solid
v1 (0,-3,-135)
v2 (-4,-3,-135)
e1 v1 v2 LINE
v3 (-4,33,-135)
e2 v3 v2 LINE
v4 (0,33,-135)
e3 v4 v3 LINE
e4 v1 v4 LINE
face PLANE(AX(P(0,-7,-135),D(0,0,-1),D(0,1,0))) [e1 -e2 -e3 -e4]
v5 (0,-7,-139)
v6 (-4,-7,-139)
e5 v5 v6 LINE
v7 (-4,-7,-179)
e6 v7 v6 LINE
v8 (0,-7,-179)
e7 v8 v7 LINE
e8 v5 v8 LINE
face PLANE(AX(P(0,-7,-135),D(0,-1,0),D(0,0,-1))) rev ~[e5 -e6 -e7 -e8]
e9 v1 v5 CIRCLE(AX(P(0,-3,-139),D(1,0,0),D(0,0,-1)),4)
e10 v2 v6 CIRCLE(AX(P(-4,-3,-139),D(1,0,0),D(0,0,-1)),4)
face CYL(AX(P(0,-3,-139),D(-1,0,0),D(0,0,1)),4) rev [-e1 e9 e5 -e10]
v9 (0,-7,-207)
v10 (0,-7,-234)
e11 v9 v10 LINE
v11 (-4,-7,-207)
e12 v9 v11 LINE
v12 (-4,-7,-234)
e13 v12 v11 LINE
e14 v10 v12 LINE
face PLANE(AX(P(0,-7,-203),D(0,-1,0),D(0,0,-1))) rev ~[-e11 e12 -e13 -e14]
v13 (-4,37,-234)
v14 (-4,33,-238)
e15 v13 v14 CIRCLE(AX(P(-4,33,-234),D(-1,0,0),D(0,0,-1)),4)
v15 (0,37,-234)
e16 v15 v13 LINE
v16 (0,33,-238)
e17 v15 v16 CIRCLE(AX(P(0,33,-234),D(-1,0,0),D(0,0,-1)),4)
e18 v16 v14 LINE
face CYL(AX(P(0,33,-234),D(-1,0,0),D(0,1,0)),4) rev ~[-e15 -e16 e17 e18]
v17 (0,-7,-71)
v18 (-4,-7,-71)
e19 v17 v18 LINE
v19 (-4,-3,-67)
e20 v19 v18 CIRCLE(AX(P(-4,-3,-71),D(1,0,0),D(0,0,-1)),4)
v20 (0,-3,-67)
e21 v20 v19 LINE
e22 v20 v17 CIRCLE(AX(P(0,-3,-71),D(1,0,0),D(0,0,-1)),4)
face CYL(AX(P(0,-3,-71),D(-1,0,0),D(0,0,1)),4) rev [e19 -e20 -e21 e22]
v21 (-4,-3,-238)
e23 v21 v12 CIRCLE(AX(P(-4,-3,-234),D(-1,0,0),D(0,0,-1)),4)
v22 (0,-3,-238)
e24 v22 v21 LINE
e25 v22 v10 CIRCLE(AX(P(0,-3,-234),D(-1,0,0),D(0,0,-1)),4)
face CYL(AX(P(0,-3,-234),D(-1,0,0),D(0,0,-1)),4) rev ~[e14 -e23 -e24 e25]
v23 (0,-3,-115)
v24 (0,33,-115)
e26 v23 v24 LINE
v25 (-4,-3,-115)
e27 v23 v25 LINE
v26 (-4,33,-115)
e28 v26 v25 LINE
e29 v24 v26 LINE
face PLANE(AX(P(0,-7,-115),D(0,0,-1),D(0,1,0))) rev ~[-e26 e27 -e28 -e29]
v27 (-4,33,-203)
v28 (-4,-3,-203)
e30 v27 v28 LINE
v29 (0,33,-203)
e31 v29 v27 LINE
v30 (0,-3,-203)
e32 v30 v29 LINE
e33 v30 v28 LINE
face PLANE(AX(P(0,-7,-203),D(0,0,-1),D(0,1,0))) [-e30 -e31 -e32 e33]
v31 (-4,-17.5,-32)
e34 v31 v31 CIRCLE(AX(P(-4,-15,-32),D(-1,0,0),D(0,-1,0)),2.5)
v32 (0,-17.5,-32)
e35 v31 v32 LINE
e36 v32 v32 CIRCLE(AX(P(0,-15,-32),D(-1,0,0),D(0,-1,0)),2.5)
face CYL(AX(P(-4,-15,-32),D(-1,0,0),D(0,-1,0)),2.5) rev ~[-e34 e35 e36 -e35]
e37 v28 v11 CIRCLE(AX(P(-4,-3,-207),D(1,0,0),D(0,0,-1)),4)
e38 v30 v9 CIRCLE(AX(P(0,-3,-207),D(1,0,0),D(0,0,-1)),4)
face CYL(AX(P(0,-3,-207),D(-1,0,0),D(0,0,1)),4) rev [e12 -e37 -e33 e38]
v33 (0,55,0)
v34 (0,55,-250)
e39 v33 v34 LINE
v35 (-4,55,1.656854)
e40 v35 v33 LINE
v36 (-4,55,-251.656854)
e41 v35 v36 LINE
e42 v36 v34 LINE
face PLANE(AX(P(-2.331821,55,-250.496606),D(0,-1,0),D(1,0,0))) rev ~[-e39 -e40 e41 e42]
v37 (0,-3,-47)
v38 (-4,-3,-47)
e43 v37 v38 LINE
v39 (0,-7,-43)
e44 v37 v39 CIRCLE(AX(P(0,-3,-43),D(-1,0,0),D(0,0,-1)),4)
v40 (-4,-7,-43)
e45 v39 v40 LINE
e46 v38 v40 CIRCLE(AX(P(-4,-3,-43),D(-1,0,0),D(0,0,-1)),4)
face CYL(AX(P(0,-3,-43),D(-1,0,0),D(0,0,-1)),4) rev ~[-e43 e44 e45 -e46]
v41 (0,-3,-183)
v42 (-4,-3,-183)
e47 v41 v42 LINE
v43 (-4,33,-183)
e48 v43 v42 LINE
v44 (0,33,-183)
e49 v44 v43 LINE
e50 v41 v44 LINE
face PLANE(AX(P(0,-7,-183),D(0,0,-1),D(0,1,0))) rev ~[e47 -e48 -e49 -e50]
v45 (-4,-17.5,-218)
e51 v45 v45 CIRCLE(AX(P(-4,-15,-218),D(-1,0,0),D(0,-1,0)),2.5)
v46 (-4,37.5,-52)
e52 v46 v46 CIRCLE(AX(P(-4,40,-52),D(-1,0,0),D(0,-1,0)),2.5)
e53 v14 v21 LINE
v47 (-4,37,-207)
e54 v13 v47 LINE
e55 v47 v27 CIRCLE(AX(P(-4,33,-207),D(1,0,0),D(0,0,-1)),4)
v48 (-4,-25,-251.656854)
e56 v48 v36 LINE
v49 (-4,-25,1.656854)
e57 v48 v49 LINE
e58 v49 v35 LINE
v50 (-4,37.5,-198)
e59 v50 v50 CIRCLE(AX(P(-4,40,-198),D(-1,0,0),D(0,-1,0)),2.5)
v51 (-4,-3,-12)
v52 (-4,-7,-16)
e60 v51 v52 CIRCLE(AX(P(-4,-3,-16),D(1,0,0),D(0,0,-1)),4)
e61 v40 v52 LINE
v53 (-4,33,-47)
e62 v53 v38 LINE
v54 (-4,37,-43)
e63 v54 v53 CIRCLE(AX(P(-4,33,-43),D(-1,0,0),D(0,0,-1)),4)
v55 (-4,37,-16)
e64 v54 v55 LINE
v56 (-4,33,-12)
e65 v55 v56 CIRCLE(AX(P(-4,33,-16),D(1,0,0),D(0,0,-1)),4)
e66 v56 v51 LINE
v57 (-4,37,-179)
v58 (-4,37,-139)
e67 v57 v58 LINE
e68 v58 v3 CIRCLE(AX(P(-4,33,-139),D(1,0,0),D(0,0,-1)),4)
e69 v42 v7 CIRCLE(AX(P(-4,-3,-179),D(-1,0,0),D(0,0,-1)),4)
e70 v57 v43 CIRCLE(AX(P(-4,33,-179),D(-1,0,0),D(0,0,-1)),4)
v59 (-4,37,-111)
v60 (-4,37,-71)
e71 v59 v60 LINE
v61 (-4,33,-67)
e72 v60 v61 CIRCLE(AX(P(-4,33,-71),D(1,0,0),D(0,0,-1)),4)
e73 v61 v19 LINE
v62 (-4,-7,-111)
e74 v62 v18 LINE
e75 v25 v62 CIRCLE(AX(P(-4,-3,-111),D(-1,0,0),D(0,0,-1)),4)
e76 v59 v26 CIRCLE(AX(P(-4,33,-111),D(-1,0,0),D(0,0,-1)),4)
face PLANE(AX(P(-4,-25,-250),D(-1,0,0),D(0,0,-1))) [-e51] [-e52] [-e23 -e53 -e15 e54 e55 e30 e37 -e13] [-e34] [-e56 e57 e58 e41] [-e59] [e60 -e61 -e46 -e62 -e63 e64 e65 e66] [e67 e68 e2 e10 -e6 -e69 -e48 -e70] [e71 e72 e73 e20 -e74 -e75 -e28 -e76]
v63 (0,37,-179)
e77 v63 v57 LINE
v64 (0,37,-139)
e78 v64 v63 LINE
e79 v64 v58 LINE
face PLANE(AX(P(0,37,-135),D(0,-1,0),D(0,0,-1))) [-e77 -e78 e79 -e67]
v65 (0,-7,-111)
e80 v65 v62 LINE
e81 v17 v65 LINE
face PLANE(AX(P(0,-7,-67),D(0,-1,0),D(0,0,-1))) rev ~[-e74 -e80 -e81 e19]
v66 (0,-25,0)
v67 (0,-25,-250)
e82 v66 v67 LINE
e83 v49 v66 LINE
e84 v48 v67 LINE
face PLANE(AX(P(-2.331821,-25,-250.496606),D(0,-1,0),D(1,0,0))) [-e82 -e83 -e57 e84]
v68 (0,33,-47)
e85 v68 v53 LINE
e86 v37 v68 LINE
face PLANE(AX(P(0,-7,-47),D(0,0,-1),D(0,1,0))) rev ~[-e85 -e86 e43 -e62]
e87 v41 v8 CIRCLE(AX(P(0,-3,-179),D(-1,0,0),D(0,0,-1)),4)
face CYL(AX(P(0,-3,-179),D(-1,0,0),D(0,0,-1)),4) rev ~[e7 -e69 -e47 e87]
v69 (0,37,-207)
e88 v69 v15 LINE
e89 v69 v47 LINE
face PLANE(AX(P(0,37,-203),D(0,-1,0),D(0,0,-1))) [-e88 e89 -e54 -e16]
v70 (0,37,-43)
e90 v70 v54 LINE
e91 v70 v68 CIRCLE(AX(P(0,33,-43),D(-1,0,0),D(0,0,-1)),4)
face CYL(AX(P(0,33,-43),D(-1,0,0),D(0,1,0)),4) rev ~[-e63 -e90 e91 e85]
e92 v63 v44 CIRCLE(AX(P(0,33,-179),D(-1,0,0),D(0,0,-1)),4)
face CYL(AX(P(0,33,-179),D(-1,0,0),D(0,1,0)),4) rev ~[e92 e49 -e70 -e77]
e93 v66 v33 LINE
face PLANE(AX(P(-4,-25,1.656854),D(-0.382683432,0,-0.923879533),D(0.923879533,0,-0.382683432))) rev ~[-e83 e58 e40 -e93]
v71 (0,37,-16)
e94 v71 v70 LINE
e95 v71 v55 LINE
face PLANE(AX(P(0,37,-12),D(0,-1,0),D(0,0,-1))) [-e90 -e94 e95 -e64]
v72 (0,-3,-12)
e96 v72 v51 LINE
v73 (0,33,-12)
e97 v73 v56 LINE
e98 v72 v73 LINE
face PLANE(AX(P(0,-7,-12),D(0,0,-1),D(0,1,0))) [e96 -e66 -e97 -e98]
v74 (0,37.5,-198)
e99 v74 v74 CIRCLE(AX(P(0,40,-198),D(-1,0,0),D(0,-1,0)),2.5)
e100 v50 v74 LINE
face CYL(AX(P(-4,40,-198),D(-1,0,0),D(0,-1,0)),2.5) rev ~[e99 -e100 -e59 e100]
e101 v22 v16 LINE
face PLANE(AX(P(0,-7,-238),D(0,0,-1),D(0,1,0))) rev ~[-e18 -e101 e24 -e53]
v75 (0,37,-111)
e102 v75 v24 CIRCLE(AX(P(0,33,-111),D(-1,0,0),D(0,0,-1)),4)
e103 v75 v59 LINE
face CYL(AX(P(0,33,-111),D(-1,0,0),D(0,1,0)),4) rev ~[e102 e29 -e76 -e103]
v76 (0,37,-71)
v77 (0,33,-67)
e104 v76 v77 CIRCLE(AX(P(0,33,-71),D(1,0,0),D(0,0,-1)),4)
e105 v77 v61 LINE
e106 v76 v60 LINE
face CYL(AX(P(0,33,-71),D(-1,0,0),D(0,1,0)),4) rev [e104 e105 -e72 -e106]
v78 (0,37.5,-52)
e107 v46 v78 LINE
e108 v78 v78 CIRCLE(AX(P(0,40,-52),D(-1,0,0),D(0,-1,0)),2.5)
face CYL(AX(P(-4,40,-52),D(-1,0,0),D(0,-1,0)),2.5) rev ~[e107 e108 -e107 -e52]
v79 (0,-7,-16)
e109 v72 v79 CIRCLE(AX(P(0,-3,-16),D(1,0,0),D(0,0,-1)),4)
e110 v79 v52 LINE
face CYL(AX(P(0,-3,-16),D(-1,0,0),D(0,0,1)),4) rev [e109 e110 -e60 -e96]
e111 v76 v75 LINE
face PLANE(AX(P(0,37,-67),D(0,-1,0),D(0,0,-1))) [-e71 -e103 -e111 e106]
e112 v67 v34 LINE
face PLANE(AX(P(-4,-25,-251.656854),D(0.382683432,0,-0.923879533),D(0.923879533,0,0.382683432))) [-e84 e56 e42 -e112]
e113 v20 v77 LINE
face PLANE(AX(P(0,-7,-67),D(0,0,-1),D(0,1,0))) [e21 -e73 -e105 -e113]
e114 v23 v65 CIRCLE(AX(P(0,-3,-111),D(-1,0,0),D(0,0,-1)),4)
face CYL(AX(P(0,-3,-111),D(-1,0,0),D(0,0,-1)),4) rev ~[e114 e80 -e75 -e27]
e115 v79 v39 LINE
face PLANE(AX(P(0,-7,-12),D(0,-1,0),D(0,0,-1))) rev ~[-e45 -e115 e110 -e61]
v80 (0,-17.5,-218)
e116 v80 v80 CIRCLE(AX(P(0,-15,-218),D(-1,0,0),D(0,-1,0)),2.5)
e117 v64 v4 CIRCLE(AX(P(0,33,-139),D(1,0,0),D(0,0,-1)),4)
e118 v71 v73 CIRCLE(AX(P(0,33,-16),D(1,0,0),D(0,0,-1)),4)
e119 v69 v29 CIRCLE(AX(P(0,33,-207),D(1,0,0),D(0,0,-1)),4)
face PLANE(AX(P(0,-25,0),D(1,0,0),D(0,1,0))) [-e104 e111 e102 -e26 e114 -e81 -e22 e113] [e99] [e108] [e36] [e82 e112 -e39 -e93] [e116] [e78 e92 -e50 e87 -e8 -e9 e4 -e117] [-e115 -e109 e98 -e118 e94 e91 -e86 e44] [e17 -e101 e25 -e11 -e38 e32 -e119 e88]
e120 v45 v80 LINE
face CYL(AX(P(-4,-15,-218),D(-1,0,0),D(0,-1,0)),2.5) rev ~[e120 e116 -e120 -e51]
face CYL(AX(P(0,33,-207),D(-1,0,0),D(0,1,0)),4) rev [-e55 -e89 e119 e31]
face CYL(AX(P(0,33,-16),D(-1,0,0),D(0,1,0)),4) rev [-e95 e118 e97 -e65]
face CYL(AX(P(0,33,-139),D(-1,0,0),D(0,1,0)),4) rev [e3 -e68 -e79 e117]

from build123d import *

# Parameters (mm, degrees)
SKETCH_1_W          = 4
SKETCH_1_H          = 80
EXTRUDE_3_DEPTH     = 250
EXTRUDE_4_DEPTH     = 80
EXTRUDE_5_DEPTH     = 80
SKETCH_8_W          = 35
SKETCH_8_H          = 44
SKETCH_8_W_2        = 48
CUT_EXTRUDE_1_DEPTH = 258.627972648
SKETCH_2_R          = 2.5
CUT_EXTRUDE_2_DEPTH = 258.627972648
FILLET_1_R          = 4
FILLET_2_R          = 4
FILLET_3_R          = 4
FILLET_4_R          = 4


with BuildPart() as part:
    # 草图1 → 拉伸3 (new body)
    with BuildSketch(Plane.XY):
        with Locations((-2, 15)):
            Rectangle(SKETCH_1_W, SKETCH_1_H)
    extrude(amount=-EXTRUDE_3_DEPTH)

    # 草图4 → 拉伸4 (add)
    with BuildSketch(Plane.XZ.offset(25)):
        Polygon((-4, 0), (-4, 1.656854249), (0, 0), align=None)
    extrude(amount=-EXTRUDE_4_DEPTH)

    # 草图6 → 拉伸5 (add)
    with BuildSketch(Plane.XZ.offset(25)):
        Polygon((-4, -250), (-4, -251.656854249), (0, -250), align=None)
    extrude(amount=-EXTRUDE_5_DEPTH)

    # 草图8 → 切除-拉伸1 (cut, through all)
    with BuildSketch(Plane(origin=(0, 0, 0), x_dir=(0, 0, -1), z_dir=(1, 0, 0))):
        with Locations((29.5, 15)):
            Rectangle(SKETCH_8_W, SKETCH_8_H)
        with Locations((91, 15)):
            Rectangle(SKETCH_8_W_2, SKETCH_8_H)
        with Locations((159, 15)):
            Rectangle(SKETCH_8_W_2, SKETCH_8_H)
        with Locations((220.5, 15)):
            Rectangle(SKETCH_8_W, SKETCH_8_H)
    extrude(amount=-CUT_EXTRUDE_1_DEPTH, mode=Mode.SUBTRACT)

    # 草图2 → 切除-拉伸2 (cut, through all)
    with BuildSketch(Plane.ZY.offset(4)):
        with Locations(Location((-198, 40, 0), (0, 0, 270))):
            Circle(SKETCH_2_R)
        with Locations(Location((-218, -15, 0), (0, 0, 270))):
            Circle(SKETCH_2_R)
        with Locations(Location((-52, 40, 0), (0, 0, 270))):
            Circle(SKETCH_2_R)
        with Locations(Location((-32, -15, 0), (0, 0, 270))):
            Circle(SKETCH_2_R)
    extrude(amount=-CUT_EXTRUDE_2_DEPTH, mode=Mode.SUBTRACT)

    # 圆角1
    fillet_1_edges = [part.edges().sort_by_distance(p)[0] for p in [
        (-2, -7, -12),
        (-2, 37, -12),
        (-2, 37, -47),
        (-2, -7, -47),
    ]]
    fillet(fillet_1_edges, radius=FILLET_1_R)

    # 圆角2
    fillet_2_edges = [part.edges().sort_by_distance(p)[0] for p in [
        (-2, -7, -67),
        (-2, 37, -67),
        (-2, 37, -115),
        (-2, -7, -115),
    ]]
    fillet(fillet_2_edges, radius=FILLET_2_R)

    # 圆角3
    fillet_3_edges = [part.edges().sort_by_distance(p)[0] for p in [
        (-2, -7, -135),
        (-2, 37, -135),
        (-2, 37, -183),
        (-2, -7, -183),
    ]]
    fillet(fillet_3_edges, radius=FILLET_3_R)

    # 圆角4
    fillet_4_edges = [part.edges().sort_by_distance(p)[0] for p in [
        (-2, -7, -203),
        (-2, 37, -203),
        (-2, 37, -238),
        (-2, -7, -238),
    ]]
    fillet(fillet_4_edges, radius=FILLET_4_R)


solid = part.part
